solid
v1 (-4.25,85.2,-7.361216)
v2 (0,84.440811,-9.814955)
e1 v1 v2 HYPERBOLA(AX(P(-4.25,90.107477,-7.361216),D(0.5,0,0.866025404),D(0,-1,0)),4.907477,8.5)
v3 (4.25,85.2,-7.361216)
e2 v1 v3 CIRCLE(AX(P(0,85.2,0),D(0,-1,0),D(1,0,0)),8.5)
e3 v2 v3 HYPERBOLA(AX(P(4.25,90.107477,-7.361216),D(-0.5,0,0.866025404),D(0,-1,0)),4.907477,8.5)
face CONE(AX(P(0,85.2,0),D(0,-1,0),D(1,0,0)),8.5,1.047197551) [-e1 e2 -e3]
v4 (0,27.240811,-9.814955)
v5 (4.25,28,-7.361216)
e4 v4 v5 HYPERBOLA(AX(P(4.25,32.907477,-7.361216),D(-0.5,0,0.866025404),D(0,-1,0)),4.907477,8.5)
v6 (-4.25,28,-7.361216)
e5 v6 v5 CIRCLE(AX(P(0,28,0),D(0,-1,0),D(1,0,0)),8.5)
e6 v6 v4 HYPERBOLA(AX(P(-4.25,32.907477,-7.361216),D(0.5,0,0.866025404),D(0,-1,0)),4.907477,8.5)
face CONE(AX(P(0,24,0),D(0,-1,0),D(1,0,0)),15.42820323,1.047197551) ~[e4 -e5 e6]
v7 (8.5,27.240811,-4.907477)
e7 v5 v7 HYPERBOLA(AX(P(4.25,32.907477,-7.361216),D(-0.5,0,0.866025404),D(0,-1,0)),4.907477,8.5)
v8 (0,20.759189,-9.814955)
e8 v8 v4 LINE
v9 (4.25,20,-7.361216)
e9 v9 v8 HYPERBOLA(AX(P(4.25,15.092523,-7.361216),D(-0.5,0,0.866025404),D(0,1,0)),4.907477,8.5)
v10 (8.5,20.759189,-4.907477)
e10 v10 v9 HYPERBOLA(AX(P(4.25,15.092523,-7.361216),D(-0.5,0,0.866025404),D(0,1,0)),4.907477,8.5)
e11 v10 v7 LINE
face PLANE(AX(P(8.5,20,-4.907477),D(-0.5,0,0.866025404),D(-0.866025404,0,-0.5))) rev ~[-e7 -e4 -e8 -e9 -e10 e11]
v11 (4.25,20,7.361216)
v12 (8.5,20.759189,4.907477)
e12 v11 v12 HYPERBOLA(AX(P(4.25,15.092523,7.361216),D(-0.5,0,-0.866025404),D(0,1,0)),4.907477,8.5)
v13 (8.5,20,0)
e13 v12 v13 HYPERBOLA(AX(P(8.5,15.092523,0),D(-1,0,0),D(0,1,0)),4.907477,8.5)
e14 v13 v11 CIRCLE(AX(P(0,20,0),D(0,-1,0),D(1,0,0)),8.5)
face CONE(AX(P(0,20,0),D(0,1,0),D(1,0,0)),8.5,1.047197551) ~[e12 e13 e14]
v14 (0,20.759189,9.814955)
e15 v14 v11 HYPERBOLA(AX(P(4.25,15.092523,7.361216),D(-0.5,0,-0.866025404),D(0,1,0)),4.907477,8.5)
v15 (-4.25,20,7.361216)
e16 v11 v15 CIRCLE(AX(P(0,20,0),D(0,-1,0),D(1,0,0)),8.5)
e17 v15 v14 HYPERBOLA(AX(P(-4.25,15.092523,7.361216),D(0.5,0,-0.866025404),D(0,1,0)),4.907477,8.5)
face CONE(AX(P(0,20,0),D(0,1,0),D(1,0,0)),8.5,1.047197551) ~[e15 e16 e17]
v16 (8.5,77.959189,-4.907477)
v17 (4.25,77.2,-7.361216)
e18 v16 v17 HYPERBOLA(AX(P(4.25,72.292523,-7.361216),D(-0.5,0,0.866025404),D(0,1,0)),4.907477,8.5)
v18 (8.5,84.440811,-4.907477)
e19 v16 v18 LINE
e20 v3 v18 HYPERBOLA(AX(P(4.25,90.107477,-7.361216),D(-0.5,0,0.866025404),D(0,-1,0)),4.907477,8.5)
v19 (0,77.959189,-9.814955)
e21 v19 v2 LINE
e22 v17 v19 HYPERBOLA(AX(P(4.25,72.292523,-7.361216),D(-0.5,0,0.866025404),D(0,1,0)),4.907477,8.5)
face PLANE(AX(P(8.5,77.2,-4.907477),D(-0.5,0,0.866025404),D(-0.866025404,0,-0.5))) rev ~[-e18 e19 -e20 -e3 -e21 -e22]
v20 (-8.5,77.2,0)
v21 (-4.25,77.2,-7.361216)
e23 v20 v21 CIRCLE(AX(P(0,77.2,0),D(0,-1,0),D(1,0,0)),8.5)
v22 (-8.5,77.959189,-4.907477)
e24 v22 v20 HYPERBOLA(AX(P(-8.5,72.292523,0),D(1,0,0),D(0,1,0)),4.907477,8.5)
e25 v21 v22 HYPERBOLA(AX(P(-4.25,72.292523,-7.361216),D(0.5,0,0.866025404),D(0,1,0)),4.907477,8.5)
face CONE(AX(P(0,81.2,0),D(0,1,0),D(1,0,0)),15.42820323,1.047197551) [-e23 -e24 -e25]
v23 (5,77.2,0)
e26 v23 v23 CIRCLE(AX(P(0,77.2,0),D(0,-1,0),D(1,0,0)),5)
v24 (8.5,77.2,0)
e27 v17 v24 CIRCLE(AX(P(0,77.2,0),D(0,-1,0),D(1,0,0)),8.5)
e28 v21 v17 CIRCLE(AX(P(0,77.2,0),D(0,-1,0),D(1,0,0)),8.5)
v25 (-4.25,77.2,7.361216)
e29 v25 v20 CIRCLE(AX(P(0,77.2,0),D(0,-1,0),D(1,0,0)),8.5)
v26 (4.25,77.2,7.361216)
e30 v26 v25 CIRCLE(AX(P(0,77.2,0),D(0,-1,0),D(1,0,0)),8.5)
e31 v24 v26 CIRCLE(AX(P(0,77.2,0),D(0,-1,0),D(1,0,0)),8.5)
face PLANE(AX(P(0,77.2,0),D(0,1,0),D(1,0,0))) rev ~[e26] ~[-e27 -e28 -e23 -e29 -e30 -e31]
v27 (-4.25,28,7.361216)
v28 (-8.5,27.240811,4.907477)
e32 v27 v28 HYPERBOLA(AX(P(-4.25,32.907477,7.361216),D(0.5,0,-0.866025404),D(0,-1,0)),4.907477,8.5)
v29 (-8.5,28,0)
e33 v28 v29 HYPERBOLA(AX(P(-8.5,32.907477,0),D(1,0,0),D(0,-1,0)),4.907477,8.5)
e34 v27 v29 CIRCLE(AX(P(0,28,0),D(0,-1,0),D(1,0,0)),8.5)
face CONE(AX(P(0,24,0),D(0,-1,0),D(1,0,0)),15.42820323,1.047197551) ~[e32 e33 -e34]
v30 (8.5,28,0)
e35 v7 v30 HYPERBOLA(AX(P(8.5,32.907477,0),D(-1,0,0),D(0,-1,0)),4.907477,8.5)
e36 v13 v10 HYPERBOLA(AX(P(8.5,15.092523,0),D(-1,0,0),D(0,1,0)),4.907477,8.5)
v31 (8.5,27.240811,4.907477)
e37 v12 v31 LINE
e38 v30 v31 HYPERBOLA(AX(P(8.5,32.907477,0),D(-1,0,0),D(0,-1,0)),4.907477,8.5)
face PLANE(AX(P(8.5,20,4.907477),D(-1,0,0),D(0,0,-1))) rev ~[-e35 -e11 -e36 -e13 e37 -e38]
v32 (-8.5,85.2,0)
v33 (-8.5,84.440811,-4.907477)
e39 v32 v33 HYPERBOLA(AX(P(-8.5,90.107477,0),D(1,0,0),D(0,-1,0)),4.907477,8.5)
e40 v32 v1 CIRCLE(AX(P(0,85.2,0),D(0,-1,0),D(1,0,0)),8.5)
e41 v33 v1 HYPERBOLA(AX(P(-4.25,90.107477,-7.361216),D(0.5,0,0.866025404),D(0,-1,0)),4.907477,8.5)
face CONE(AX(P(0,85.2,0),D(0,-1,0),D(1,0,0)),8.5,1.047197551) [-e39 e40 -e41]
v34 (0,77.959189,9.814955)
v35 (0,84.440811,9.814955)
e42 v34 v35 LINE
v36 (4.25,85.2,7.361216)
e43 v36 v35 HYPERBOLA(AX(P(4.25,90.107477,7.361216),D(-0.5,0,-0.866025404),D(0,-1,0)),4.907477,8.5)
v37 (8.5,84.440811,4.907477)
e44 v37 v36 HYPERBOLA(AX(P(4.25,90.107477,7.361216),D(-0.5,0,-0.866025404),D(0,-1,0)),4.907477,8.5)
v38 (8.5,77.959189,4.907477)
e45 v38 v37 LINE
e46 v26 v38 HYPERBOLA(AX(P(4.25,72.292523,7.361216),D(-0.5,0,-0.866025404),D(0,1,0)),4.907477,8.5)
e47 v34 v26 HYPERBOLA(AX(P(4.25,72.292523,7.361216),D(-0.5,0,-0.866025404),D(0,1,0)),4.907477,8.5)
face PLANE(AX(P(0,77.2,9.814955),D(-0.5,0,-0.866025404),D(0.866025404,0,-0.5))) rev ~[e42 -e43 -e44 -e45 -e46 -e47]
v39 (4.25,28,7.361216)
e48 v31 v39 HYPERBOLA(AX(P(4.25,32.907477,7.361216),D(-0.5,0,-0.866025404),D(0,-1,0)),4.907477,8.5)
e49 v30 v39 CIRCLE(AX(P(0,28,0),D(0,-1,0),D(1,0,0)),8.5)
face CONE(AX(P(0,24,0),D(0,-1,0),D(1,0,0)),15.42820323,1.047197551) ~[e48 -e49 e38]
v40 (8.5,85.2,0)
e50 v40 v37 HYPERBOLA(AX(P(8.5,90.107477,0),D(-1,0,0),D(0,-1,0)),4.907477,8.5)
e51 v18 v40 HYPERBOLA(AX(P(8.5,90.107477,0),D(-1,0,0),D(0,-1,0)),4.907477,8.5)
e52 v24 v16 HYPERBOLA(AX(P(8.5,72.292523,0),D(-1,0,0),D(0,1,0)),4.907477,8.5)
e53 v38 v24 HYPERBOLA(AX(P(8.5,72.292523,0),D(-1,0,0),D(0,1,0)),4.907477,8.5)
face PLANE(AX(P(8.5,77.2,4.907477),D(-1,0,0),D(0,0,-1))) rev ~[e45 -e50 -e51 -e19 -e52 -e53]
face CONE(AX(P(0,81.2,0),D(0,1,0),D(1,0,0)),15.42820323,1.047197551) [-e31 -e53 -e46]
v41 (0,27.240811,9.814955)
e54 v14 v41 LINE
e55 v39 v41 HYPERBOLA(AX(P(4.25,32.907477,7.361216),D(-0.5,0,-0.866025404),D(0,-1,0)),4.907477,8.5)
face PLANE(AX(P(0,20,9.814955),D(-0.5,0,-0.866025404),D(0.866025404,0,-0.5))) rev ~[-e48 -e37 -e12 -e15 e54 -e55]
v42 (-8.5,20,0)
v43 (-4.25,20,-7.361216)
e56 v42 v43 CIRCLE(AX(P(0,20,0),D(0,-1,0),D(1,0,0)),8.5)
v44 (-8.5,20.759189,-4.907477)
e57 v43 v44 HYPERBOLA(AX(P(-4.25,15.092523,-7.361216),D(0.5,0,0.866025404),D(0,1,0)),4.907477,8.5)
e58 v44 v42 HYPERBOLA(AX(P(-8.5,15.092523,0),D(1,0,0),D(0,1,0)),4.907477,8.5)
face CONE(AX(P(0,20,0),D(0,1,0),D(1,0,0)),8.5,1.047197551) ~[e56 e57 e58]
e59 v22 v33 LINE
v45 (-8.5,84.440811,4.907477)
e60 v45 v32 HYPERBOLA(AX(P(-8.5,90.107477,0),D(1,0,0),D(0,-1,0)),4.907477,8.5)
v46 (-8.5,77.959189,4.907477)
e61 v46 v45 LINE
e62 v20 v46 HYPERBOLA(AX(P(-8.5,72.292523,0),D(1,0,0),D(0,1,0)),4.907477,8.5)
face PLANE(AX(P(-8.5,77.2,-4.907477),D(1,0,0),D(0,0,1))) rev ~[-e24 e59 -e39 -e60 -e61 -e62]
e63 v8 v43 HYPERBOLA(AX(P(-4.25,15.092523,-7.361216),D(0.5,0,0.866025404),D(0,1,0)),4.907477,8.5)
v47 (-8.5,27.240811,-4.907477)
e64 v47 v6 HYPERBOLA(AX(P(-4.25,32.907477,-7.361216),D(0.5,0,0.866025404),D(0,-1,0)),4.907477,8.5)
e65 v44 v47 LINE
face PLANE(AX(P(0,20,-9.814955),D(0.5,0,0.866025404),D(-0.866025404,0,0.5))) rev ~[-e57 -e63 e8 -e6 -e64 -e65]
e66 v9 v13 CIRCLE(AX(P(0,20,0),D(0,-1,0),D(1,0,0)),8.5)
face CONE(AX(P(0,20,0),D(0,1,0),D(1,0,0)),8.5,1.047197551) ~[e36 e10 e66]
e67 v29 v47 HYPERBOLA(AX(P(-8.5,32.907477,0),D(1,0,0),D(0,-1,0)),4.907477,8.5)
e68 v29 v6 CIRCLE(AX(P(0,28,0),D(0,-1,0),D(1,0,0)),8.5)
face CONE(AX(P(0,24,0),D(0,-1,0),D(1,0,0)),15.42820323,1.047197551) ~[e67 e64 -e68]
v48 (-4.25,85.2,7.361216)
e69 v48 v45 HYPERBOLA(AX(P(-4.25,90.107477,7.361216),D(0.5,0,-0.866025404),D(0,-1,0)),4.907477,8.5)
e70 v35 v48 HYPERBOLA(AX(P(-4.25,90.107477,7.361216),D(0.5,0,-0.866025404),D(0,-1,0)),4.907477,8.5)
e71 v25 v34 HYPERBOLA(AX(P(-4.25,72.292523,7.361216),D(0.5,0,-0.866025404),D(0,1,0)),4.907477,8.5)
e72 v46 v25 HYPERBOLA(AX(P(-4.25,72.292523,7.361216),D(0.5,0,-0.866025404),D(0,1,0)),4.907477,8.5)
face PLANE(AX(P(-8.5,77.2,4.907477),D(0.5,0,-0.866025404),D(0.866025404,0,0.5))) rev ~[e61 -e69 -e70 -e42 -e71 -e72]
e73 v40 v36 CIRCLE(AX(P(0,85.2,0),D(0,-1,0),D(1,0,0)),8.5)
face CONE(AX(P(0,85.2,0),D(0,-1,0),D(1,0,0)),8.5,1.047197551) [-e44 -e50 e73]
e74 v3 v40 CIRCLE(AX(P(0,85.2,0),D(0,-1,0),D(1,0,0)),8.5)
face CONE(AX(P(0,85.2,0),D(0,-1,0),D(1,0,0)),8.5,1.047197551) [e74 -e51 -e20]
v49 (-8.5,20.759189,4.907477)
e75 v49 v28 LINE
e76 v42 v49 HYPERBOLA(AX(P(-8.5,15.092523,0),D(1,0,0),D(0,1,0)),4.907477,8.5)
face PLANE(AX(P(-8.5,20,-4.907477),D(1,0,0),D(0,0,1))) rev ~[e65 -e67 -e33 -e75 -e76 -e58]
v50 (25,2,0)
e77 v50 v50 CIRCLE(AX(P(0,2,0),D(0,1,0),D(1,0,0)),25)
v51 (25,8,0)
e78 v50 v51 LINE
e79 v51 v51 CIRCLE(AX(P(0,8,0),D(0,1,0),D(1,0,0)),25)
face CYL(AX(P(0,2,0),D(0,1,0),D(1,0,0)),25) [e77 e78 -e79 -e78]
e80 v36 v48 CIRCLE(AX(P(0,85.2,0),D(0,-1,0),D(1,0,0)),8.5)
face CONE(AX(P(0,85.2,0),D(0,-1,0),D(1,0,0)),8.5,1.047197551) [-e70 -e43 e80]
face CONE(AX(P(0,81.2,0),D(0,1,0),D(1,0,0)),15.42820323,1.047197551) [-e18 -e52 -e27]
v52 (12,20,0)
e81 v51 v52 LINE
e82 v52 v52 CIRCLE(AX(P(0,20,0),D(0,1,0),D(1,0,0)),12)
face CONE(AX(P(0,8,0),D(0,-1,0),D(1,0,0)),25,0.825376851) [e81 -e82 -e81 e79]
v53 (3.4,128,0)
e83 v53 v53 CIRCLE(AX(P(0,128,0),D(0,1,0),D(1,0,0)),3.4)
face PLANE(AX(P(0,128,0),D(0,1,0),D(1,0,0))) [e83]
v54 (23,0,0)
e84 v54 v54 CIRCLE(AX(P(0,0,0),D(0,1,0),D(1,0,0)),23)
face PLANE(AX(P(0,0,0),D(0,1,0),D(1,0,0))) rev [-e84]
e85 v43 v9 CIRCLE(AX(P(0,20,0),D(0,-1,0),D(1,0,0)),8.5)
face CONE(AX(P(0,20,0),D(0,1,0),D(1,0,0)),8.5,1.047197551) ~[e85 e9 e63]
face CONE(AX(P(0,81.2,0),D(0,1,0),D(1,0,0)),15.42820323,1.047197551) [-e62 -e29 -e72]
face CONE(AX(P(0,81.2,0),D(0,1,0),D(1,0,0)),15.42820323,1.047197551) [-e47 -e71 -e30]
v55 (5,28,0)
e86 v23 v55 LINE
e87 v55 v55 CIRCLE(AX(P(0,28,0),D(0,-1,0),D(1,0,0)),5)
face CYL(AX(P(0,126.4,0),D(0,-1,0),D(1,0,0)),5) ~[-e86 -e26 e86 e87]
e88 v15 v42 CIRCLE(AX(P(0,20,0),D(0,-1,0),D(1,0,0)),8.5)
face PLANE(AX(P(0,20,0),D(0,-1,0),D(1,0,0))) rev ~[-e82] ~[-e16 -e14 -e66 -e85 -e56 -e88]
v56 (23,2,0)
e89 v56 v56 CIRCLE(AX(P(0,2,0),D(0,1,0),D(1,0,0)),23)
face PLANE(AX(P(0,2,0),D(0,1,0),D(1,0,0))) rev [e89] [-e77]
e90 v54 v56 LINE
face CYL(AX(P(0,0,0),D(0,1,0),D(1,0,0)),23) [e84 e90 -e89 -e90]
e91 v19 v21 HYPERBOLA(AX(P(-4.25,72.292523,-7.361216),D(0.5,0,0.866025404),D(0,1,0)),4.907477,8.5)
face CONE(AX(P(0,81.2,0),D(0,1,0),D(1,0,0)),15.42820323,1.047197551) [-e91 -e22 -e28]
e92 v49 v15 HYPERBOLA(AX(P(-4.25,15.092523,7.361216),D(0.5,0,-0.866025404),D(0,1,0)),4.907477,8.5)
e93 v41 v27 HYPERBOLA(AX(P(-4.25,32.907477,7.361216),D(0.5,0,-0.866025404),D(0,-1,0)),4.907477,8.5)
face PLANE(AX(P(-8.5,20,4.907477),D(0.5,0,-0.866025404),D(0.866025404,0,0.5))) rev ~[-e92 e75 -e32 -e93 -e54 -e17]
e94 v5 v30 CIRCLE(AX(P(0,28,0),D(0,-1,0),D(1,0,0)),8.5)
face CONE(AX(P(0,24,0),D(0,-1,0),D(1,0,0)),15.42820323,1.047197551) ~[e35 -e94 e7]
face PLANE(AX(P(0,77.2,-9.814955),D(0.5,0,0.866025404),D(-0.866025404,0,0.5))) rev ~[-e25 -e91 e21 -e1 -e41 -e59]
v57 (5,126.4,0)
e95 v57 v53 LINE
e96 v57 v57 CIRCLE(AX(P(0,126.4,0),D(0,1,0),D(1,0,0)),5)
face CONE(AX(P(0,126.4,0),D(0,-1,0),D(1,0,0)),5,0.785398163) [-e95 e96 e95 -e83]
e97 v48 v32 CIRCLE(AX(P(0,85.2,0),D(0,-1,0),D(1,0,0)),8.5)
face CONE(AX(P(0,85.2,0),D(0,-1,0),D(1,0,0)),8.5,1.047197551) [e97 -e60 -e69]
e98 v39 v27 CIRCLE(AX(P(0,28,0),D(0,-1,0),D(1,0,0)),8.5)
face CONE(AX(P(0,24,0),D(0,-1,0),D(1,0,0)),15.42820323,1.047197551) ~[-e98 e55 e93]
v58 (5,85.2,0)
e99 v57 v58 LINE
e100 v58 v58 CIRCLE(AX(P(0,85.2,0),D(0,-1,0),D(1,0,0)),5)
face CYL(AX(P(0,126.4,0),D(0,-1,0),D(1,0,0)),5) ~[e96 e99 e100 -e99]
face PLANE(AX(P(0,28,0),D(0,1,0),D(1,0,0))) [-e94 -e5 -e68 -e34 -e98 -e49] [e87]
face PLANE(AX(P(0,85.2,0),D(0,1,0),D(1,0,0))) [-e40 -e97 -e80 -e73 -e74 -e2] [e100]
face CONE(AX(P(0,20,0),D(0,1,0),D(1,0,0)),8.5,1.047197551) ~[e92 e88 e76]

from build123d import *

# Parameters (mm, degrees)
EXTRUDE_1_DEPTH = 8
EXTRUDE_2_DEPTH = 8


with BuildPart() as part:
    # Эскиз1 → Повернуть1 (revolve)
    with BuildSketch(Plane.XY, mode=Mode.PRIVATE) as revolve_1_sk:
        Polygon((0, 0), (-23, 0), (-23, 2), (-25, 2), (-25, 8), (-12, 20), (-5, 20), (-5, 28), (-5, 126.4), (-3.4, 128), (0, 128), align=None)
    revolve(revolve_1_sk.sketch.rotate(Axis((0, 0, 0), (0, 1, 0)), 180), axis=Axis((0, 0, 0), (0, 1, 0)))  # turned: the seam where the file's is

    # Эскиз2 → Бобышка-Вытянуть1 (add)
    with BuildSketch(Plane(origin=(0, 20, 0), x_dir=(1, 0, 0), z_dir=(0, 1, 0))):
        Polygon((0, 9.814954576), (-8.5, 4.907477288), (-8.5, -4.907477288), (0, -9.814954576), (8.5, -4.907477288), (8.5, 4.907477288), align=None)
    extrude(amount=EXTRUDE_1_DEPTH)

    # Эскиз3 → Бобышка-Вытянуть2 (add)
    with BuildSketch(Plane(origin=(0, 77.2, 0), x_dir=(1, 0, 0), z_dir=(0, 1, 0))):
        Polygon((8.5, 4.907477288), (0, 9.814954576), (-8.5, 4.907477288), (-8.5, -4.907477288), (0, -9.814954576), (8.5, -4.907477288), align=None)
    extrude(amount=EXTRUDE_2_DEPTH)

    # Эскиз4 → Вырез-Повернуть2 (revolve, cut)
    with BuildSketch(Plane.XY, mode=Mode.PRIVATE) as cut_revolve_2_sk:
        Polygon((-15.42820323, 85.2), (-8.5, 85.2), (-15.42820323, 81.2), align=None)
        Polygon((-15.42820323, 77.2), (-15.42820323, 81.2), (-8.5, 77.2), align=None)
        Polygon((-15.42820323, 28), (-15.42820323, 24), (-8.5, 28), align=None)
        Polygon((-15.42820323, 24), (-15.42820323, 20), (-8.5, 20), align=None)
    revolve(cut_revolve_2_sk.sketch.rotate(Axis((0, 128, 0), (0, -1, 0)), 180), axis=Axis((0, 128, 0), (0, -1, 0)), mode=Mode.SUBTRACT)  # turned: the seam where the file's is


solid = part.part
